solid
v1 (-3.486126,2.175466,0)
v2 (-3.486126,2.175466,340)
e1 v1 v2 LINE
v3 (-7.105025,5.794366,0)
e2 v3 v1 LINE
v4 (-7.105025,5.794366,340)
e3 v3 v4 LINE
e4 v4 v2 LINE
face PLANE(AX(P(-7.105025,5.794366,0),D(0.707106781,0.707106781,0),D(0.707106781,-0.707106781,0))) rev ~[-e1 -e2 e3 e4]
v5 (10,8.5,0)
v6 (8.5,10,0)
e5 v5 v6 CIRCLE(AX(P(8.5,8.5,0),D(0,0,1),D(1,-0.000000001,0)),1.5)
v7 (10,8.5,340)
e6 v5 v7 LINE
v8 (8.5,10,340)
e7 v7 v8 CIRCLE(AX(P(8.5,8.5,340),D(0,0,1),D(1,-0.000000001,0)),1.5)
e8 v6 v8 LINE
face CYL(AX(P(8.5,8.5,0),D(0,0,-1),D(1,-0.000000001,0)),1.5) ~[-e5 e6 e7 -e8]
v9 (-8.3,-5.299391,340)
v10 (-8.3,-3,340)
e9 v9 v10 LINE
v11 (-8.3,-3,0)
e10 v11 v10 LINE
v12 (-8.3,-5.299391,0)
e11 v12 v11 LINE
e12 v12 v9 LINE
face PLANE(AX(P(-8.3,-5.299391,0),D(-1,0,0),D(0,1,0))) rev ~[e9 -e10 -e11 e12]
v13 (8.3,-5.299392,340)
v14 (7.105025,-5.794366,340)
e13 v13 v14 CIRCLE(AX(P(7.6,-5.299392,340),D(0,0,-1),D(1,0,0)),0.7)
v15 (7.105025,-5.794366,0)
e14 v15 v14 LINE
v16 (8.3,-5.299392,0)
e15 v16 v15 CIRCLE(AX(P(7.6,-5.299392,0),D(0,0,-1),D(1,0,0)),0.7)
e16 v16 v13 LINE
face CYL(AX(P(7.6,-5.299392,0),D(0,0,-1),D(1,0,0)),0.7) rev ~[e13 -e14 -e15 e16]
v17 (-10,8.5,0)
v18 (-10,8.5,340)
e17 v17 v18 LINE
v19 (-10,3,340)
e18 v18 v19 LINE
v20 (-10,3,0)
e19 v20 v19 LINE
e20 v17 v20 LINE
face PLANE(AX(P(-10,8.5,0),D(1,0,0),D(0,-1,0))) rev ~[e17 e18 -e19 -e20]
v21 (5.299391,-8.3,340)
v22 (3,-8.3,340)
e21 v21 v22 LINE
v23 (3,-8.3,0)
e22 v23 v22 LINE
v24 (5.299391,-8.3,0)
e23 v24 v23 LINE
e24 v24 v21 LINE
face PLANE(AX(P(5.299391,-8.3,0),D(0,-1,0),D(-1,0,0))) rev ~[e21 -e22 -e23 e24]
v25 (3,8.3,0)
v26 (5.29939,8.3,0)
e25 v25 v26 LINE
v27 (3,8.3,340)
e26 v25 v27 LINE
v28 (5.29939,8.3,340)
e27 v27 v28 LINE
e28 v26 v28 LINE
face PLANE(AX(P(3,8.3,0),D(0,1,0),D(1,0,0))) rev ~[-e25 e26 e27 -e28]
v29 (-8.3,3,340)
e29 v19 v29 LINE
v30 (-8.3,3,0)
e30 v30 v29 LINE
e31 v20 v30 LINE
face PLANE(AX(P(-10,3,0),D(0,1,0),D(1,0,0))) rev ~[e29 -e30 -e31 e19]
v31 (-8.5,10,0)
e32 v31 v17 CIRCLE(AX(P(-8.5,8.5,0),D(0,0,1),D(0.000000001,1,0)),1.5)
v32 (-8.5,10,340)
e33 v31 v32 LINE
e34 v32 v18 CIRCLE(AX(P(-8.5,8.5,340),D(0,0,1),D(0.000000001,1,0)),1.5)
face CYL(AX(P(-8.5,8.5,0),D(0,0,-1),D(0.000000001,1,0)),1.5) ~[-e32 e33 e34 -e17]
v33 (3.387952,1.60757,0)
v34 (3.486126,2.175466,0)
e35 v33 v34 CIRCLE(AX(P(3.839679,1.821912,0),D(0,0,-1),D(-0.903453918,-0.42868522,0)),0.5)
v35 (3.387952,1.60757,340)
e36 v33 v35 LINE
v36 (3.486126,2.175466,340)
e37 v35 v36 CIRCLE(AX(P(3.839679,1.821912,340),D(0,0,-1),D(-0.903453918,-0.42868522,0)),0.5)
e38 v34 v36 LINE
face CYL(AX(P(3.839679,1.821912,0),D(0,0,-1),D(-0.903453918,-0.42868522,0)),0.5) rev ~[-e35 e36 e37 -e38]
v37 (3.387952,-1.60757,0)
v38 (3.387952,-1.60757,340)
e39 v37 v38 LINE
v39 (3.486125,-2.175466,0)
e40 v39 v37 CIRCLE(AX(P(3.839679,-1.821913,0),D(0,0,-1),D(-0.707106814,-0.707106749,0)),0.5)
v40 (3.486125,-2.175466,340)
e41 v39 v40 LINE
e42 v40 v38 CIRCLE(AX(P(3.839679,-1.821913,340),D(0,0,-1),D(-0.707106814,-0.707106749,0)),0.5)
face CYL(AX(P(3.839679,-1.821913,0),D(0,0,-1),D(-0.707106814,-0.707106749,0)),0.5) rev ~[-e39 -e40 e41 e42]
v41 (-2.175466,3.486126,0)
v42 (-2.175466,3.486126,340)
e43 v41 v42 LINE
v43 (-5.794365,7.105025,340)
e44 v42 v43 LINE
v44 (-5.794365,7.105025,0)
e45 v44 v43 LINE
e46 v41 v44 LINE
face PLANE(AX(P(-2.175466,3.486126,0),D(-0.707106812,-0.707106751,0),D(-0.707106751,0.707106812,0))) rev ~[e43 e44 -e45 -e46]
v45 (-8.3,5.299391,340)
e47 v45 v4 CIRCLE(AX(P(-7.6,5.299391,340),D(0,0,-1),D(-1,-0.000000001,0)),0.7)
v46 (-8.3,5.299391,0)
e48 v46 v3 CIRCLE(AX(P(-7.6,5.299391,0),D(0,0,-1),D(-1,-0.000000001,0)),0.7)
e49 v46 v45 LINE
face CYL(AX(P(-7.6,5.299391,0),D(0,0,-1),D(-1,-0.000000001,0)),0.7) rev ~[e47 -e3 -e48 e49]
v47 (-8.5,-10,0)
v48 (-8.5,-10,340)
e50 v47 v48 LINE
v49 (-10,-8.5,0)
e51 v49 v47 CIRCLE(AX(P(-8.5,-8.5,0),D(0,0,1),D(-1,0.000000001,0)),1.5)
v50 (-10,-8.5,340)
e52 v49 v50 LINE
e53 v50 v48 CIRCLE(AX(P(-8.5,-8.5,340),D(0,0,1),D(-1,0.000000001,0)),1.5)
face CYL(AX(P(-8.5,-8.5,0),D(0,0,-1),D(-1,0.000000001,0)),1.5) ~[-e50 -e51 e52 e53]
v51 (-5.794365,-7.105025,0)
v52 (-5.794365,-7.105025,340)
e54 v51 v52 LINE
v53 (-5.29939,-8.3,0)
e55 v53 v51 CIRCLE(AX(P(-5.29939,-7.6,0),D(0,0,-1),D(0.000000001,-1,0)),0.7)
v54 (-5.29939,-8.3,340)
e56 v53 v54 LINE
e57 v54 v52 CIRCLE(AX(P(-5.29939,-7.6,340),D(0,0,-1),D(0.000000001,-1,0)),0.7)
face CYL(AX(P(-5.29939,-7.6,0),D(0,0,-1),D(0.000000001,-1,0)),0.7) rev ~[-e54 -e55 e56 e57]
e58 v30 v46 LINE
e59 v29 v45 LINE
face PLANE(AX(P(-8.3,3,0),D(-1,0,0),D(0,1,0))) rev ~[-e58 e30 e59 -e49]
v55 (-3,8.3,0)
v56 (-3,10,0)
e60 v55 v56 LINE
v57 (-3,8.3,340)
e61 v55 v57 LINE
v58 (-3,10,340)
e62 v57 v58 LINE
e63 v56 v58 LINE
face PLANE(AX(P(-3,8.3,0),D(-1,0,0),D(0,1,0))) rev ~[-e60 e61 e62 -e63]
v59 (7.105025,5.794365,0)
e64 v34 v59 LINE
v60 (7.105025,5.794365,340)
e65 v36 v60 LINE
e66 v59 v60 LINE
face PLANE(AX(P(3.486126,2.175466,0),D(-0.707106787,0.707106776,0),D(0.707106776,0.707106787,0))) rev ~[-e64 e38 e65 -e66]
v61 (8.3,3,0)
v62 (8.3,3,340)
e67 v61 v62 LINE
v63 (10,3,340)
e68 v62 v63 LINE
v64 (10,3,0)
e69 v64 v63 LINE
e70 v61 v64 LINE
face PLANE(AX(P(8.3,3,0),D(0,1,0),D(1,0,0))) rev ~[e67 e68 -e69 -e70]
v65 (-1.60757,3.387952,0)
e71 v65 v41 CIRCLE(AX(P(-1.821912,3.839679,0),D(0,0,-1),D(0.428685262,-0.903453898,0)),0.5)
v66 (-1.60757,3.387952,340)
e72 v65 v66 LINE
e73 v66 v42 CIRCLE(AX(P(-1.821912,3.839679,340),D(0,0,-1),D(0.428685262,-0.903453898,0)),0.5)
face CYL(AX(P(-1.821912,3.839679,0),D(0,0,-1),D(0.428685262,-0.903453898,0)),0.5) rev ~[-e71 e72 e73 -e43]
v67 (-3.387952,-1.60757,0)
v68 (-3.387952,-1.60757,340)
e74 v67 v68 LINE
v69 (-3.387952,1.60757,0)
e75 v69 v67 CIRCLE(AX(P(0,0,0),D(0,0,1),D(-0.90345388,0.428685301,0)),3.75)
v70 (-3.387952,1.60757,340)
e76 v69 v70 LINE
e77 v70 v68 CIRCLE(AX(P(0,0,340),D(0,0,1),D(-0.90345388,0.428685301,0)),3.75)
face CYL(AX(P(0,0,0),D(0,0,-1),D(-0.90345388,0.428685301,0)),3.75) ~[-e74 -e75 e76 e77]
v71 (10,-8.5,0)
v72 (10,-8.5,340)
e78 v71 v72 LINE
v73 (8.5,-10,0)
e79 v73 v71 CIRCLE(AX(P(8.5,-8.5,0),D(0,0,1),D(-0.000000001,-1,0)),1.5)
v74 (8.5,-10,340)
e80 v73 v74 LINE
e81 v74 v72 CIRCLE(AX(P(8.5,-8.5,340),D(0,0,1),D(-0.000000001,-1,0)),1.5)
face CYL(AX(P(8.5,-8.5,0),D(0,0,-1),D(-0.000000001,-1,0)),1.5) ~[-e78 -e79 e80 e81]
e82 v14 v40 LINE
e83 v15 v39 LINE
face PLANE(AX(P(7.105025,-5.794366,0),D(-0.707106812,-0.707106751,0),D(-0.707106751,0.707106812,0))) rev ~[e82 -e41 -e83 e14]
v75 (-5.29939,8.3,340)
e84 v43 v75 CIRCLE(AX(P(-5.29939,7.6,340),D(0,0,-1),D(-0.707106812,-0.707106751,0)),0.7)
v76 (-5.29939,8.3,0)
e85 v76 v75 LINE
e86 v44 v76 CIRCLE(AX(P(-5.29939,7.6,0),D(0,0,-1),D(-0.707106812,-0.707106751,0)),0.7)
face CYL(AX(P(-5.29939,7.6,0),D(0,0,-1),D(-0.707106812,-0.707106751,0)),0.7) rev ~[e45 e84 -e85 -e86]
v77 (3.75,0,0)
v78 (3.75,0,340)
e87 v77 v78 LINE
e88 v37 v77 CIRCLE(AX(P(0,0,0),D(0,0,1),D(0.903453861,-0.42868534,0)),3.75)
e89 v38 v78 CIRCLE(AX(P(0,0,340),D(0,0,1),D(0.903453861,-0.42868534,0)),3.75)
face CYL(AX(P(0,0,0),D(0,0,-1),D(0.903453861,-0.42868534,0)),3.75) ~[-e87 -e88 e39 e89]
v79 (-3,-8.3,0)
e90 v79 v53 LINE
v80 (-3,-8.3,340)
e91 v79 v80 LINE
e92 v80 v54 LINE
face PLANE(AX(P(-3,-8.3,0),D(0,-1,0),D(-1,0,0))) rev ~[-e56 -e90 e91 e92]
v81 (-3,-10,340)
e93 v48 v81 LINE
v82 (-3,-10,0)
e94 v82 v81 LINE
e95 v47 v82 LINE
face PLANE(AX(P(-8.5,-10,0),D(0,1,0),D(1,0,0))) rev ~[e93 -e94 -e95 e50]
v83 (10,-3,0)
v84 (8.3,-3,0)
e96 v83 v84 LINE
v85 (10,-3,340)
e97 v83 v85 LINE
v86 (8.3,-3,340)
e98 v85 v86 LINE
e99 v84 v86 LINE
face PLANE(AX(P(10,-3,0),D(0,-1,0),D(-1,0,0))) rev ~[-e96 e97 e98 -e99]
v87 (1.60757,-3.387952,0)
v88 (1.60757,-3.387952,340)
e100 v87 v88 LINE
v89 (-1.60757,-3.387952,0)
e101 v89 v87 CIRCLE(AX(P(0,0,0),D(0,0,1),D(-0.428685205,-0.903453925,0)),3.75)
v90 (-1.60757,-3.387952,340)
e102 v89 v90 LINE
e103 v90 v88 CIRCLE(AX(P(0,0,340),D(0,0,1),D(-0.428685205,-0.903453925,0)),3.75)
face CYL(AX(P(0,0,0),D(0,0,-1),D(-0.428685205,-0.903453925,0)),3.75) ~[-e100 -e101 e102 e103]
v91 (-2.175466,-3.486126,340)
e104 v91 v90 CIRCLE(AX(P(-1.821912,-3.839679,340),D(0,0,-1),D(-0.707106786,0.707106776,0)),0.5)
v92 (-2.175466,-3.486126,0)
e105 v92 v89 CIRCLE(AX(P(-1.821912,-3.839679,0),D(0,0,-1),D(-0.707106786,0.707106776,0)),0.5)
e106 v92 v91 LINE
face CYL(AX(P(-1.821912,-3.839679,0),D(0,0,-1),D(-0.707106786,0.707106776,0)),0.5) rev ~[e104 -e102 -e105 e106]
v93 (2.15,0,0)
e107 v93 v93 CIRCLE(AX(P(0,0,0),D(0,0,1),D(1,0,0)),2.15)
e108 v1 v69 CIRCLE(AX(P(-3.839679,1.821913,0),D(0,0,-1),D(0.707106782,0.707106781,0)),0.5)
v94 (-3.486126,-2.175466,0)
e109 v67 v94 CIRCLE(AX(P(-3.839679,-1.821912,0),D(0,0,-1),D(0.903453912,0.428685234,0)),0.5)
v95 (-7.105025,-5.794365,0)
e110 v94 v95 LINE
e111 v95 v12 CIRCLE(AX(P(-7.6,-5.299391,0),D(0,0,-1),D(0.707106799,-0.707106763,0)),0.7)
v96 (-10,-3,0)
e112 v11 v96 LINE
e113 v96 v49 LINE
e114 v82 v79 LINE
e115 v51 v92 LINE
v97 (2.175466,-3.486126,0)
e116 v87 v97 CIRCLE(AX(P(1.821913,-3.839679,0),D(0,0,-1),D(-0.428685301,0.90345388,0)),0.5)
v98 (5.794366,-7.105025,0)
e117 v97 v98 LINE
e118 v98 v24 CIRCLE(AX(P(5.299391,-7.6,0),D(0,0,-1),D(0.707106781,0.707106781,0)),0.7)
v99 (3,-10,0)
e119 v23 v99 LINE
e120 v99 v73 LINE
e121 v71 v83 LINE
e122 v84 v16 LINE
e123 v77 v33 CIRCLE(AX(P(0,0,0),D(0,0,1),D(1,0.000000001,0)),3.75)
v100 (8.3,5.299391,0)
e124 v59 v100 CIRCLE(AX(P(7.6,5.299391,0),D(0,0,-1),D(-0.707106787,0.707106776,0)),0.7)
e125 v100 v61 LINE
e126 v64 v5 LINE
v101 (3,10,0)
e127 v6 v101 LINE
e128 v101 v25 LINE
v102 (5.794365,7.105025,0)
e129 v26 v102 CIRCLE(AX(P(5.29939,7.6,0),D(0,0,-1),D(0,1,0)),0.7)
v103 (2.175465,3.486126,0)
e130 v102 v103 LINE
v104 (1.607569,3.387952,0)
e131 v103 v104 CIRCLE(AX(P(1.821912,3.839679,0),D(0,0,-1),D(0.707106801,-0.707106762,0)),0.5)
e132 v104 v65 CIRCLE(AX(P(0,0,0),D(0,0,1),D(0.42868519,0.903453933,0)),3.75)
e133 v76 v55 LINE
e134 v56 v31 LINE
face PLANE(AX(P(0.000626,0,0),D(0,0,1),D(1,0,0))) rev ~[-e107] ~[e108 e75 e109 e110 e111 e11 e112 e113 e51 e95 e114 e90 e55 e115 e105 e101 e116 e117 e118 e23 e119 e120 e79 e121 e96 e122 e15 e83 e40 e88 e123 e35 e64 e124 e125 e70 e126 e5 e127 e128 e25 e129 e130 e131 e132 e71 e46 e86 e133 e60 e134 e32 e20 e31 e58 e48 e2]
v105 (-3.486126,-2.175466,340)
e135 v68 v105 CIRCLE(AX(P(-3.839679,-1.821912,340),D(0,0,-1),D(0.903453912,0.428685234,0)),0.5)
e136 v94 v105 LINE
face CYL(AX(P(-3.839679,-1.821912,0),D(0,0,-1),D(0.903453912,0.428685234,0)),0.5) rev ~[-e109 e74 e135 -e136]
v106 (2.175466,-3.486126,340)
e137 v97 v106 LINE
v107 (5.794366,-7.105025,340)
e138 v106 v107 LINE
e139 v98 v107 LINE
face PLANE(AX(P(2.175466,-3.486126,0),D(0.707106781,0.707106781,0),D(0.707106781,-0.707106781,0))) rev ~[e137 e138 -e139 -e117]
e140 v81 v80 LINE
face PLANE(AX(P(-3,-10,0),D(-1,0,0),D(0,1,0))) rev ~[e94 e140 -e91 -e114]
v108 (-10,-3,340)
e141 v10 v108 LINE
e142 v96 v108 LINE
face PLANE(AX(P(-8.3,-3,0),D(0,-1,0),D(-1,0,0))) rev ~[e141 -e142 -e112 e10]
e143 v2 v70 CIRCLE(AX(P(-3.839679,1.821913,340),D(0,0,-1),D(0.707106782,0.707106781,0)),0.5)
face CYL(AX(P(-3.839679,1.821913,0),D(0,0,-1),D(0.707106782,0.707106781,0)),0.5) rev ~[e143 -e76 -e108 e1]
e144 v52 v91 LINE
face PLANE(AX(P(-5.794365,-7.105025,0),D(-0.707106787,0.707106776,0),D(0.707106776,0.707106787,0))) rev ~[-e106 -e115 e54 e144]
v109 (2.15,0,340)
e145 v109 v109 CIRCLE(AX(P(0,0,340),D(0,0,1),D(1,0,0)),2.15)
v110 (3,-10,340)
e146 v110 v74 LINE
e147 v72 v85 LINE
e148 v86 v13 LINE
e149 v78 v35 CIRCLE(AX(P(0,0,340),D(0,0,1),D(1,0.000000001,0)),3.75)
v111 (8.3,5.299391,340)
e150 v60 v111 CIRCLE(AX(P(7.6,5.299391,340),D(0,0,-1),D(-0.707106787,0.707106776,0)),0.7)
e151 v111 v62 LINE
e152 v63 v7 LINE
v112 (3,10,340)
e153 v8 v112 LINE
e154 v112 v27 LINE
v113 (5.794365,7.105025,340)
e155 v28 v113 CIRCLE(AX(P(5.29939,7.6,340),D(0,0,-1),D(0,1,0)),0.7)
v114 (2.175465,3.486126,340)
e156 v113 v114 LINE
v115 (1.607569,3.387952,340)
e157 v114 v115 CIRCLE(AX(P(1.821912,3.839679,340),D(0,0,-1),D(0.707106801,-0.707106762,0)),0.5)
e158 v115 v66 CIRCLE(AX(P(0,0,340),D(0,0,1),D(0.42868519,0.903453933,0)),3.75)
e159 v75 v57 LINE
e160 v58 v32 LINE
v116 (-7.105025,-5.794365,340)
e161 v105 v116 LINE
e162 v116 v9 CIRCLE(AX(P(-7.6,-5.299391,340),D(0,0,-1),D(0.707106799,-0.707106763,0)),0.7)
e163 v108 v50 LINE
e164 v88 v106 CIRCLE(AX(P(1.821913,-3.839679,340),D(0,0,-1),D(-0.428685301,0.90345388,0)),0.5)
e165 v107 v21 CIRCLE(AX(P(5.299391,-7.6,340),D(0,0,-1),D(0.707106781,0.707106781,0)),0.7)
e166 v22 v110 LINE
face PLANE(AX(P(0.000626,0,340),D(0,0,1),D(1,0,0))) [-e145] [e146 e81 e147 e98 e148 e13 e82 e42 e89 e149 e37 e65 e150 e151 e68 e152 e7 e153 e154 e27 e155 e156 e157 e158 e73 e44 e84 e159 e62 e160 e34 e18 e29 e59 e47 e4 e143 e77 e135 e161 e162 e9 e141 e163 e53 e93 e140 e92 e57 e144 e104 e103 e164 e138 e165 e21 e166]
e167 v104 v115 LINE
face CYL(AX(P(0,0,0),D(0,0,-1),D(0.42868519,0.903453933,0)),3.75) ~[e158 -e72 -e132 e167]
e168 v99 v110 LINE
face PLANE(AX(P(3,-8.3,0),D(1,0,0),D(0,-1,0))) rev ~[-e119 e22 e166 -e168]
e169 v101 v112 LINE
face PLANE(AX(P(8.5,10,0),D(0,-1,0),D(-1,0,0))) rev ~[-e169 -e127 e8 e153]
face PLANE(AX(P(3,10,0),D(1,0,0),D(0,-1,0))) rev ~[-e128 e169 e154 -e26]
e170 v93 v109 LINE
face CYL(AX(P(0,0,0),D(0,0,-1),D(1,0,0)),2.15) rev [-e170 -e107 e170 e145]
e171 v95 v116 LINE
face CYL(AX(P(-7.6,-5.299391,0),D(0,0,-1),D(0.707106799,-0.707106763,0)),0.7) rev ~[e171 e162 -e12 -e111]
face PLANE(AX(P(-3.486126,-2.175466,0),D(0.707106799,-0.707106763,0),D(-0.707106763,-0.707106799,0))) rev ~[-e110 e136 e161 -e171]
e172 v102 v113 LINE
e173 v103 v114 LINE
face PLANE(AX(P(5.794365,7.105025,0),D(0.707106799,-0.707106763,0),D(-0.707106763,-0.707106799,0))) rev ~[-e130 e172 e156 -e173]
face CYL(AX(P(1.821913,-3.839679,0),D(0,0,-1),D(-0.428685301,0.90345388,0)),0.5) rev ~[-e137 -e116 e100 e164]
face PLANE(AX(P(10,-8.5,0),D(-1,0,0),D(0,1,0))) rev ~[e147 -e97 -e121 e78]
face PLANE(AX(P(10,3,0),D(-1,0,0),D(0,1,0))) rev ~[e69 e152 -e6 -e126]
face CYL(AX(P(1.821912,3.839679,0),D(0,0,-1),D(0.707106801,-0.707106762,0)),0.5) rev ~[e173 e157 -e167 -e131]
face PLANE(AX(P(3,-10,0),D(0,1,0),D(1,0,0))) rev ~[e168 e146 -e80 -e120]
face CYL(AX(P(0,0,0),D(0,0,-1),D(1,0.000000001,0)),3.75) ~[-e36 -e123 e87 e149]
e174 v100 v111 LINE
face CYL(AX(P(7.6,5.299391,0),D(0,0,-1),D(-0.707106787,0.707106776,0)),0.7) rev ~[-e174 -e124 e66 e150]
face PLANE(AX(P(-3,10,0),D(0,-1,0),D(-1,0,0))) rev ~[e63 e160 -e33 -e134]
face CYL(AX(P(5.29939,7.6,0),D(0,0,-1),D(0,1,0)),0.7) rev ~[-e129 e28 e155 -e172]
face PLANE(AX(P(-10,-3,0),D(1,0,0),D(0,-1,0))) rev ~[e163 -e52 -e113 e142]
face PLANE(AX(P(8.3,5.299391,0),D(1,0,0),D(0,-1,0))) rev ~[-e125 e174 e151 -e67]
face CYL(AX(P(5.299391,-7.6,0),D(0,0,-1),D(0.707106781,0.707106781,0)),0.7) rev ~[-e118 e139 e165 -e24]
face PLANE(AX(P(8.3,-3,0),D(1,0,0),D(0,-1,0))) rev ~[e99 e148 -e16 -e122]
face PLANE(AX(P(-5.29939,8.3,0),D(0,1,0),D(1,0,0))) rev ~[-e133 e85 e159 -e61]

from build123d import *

# Parameters (mm, degrees)
ESQUISSE1_R        = 2.15
BOSS_EXTRU_1_DEPTH = 340


with BuildPart() as part:
    # Esquisse1 → Boss.-Extru.1 (new body)
    with BuildSketch(Plane.XY):
        with BuildLine():
            Line((-3, 10), (-8.5, 10))
            ThreePointArc((-8.5, 10), (-9.560660172, 9.560660172), (-10, 8.5))
            Line((-10, 8.5), (-10, 3))
            Line((-10, 3), (-8.300000103, 3))
            Line((-8.300000103, 3), (-8.300000103, 5.299391013))
            ThreePointArc((-8.300000103, 5.299391013), (-7.867878523, 5.946106661), (-7.105025403, 5.794365741))
            Line((-7.105025403, 5.794365741), (-3.486125569, 2.175465907))
            ThreePointArc((-3.486125569, 2.175465907), (-3.346986783, 1.907085393), (-3.38795202, 1.607569866))
            ThreePointArc((-3.38795202, 1.607569866), (-3.749999968, 1.37e-07), (-3.387952137, -1.607569618))
            ThreePointArc((-3.387952137, -1.607569618), (-3.346986918, -1.907085124), (-3.486125693, -2.175465617))
            Line((-3.486125693, -2.175465617), (-7.10502539, -5.794365497))
            ThreePointArc((-7.10502539, -5.794365497), (-7.867878514, -5.946106433), (-8.300000103, -5.299390782))
            Line((-8.300000103, -5.299390782), (-8.300000103, -3))
            Line((-8.300000103, -3), (-10, -3))
            Line((-10, -3), (-10, -8.5))
            ThreePointArc((-10, -8.5), (-9.560660172, -9.560660172), (-8.5, -10))
            Line((-8.5, -10), (-3, -10))
            Line((-3, -10), (-3, -8.29999992))
            Line((-3, -8.29999992), (-5.299390173, -8.29999992))
            ThreePointArc((-5.299390173, -8.29999992), (-5.94610582, -7.867878342), (-5.794364905, -7.105025224))
            Line((-5.794364905, -7.105025224), (-2.175465502, -3.486125765))
            ThreePointArc((-2.175465502, -3.486125765), (-1.907085014, -3.346986981), (-1.607569506, -3.38795219))
            ThreePointArc((-1.607569506, -3.38795219), (1.99e-07, -3.749999968), (1.607569866, -3.38795202))
            ThreePointArc((1.607569866, -3.38795202), (1.907085393, -3.346986783), (2.175465907, -3.486125569))
            Line((2.175465907, -3.486125569), (5.794365558, -7.10502522))
            ThreePointArc((5.794365558, -7.10502522), (5.946106478, -7.86787834), (5.29939083, -8.29999992))
            Line((5.29939083, -8.29999992), (3, -8.29999992))
            Line((3, -8.29999992), (3, -10))
            Line((3, -10), (8.499999896, -10))
            ThreePointArc((8.499999896, -10), (9.560660068, -9.560660172), (9.999999896, -8.5))
            Line((9.999999896, -8.5), (9.999999896, -3))
            Line((9.999999896, -3), (8.300000103, -3))
            Line((8.300000103, -3), (8.300000103, -5.299391569))
            ThreePointArc((8.300000103, -5.299391569), (7.867878509, -5.946107222), (7.105025381, -5.794366275))
            Line((7.105025381, -5.794366275), (3.486125475, -2.175466057))
            ThreePointArc((3.486125475, -2.175466057), (3.346986701, -1.907085538), (3.38795195, -1.607570012))
            ThreePointArc((3.38795195, -1.607570012), (3.658368452, -0.823917488), (3.749999968, 0))
            ThreePointArc((3.749999968, 0), (3.658368507, 0.823917244), (3.387952165, 1.607569559))
            ThreePointArc((3.387952165, 1.607569559), (3.346986951, 1.907085066), (3.486125731, 2.175465556))
            Line((3.486125731, 2.175465556), (7.105025399, 5.79436528))
            ThreePointArc((7.105025399, 5.79436528), (7.86787852, 5.946106205), (8.300000103, 5.299390557))
            Line((8.300000103, 5.299390557), (8.300000103, 3))
            Line((8.300000103, 3), (9.999999896, 3))
            Line((9.999999896, 3), (9.999999896, 8.5))
            ThreePointArc((9.999999896, 8.5), (9.560660068, 9.560660172), (8.499999896, 10))
            Line((8.499999896, 10), (3.499999896, 10))
            Line((3.499999896, 10), (3, 10))
            Line((3, 10), (3, 8.29999992))
            Line((3, 8.29999992), (5.299389948, 8.29999992))
            ThreePointArc((5.299389948, 8.29999992), (5.946105592, 7.867878348), (5.794364688, 7.105025232))
            Line((5.794364688, 7.105025232), (2.175465441, 3.486125803))
            ThreePointArc((2.175465441, 3.486125803), (1.907084956, 3.346987014), (1.607569447, 3.387952218))
            ThreePointArc((1.607569447, 3.387952218), (-1.51e-07, 3.749999968), (-1.60756972, 3.387952089))
            ThreePointArc((-1.60756972, 3.387952089), (-1.907085249, 3.346986865), (-2.175465757, 3.486125663))
            Line((-2.175465757, 3.486125663), (-5.794365024, 7.105025241))
            ThreePointArc((-5.794365024, 7.105025241), (-5.946105917, 7.867878353), (-5.299390275, 8.29999992))
            Line((-5.299390275, 8.29999992), (-3, 8.29999992))
            Line((-3, 8.29999992), (-3, 10))
        make_face()
        Circle(ESQUISSE1_R, mode=Mode.SUBTRACT)
    extrude(amount=BOSS_EXTRU_1_DEPTH)


solid = part.part
